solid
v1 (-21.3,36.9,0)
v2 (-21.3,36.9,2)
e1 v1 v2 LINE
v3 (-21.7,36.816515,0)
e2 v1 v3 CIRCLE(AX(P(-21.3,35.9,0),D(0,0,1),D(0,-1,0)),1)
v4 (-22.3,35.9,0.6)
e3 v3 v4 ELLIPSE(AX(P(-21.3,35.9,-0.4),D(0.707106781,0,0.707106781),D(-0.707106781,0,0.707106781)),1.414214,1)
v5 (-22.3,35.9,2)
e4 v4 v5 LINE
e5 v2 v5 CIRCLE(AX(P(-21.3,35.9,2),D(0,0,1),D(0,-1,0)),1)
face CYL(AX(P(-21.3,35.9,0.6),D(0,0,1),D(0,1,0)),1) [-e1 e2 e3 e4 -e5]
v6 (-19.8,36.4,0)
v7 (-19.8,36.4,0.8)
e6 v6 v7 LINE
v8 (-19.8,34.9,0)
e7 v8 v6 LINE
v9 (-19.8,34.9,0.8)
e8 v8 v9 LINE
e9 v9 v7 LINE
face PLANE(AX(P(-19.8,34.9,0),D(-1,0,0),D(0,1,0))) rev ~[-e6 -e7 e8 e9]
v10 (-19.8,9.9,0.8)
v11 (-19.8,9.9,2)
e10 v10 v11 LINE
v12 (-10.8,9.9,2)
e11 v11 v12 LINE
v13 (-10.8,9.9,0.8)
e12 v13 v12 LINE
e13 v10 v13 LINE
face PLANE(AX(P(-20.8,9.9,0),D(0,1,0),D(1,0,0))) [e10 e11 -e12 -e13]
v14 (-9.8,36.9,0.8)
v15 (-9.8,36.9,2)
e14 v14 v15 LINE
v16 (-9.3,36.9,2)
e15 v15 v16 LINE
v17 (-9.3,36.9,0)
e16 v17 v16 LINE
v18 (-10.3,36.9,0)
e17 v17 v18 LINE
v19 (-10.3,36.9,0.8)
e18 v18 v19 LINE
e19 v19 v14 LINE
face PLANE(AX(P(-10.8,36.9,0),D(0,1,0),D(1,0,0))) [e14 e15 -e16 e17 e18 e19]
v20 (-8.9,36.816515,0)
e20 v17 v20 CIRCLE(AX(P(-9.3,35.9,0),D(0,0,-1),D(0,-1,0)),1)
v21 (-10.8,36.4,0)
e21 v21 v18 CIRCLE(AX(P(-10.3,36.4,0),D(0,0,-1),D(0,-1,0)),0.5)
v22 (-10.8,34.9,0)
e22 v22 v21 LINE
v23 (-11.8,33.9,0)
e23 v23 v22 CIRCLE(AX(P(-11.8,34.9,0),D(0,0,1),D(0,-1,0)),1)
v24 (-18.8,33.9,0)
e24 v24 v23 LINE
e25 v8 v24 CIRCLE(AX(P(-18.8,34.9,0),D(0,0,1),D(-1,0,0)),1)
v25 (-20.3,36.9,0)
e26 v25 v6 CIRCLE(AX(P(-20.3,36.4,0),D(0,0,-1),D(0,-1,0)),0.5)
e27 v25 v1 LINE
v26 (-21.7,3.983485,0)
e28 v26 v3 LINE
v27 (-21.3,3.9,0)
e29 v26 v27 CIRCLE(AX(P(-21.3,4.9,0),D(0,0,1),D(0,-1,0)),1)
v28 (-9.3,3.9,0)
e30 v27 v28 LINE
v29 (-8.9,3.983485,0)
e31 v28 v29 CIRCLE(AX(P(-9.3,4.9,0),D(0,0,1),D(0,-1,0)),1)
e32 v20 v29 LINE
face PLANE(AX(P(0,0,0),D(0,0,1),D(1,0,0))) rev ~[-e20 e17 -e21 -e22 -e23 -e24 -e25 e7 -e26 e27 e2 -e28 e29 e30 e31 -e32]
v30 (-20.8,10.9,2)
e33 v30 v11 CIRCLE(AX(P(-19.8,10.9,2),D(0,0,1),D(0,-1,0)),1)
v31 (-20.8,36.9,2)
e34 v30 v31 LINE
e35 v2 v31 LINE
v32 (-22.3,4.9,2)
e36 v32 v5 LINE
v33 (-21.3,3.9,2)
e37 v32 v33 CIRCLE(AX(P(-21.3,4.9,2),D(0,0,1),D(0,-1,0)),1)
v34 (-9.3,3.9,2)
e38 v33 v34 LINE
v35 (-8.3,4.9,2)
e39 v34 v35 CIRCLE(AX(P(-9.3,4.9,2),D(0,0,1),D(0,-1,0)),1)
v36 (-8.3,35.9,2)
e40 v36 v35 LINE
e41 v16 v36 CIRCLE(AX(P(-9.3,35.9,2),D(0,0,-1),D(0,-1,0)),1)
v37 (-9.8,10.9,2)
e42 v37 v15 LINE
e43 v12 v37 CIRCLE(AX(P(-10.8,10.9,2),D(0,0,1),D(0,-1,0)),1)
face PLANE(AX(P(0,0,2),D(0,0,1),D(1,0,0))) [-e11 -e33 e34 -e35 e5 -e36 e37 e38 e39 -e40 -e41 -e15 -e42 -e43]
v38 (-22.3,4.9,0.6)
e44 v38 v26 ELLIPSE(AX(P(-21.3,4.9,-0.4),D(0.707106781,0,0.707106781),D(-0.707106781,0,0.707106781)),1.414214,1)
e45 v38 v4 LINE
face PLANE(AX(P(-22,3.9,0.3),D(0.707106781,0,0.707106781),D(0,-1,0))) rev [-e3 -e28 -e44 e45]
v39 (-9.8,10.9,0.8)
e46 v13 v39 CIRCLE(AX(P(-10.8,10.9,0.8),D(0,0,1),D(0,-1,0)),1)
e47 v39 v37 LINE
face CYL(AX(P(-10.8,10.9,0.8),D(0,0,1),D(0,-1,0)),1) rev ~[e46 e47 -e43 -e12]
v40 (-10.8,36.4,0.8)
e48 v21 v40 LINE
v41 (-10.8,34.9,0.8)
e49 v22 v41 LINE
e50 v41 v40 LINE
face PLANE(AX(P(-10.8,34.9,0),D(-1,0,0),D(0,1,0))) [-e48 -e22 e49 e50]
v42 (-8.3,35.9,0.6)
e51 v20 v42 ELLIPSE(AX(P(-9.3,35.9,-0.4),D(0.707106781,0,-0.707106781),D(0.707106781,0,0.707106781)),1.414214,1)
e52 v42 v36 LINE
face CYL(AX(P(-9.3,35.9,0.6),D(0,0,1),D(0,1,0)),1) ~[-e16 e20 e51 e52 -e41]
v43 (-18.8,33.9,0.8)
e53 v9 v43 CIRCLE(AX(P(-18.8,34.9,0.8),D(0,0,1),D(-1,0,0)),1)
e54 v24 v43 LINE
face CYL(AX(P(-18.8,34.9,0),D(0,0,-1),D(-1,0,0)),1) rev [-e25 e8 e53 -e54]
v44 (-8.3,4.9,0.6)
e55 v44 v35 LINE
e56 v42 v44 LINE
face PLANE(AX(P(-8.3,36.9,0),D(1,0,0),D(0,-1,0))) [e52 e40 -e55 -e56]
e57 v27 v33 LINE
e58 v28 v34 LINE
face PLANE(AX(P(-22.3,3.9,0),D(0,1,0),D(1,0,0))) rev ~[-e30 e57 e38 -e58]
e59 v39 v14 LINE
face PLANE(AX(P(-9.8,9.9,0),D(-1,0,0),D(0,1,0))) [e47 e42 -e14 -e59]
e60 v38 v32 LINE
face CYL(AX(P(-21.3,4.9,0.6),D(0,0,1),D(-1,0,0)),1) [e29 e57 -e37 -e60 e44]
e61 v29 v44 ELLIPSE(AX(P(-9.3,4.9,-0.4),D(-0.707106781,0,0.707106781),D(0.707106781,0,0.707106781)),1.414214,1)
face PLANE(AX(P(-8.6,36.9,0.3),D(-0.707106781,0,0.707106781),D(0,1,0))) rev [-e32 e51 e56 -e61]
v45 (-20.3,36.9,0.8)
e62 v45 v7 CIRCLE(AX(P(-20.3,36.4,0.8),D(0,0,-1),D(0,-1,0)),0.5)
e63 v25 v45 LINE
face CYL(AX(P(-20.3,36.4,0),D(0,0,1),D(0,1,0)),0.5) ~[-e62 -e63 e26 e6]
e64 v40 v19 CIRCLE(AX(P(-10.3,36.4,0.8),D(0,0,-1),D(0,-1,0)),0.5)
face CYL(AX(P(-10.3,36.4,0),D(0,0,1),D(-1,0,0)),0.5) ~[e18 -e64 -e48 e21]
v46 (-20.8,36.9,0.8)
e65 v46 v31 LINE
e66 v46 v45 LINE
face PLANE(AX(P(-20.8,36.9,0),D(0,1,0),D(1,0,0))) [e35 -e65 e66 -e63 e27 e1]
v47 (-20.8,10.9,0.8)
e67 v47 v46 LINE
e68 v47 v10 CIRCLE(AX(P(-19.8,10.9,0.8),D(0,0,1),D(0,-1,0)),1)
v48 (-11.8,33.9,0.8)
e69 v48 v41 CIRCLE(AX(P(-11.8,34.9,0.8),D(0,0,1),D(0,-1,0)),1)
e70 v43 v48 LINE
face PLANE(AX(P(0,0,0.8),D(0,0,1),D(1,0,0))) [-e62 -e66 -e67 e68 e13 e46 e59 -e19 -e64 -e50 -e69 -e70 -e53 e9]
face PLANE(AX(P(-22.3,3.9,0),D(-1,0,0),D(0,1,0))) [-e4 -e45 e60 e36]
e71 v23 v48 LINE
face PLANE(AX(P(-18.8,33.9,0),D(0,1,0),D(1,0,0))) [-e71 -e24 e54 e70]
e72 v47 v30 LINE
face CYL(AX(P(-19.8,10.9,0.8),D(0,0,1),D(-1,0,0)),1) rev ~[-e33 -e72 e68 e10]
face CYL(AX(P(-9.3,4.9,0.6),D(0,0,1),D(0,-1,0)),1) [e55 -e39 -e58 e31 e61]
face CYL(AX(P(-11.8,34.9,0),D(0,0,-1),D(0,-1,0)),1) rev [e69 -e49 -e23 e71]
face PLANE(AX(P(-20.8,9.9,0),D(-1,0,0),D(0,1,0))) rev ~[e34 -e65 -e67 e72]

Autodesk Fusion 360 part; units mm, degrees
sketch "mriya-niceview-holder" plane through (0, 0, 0) normal (0, 0, 1) x (1, 0, 0)
  line L0 (-20.8, 9.9) -> (-9.8, 9.9)
  line L1 (-9.8, 9.9) -> (-9.8, 36.9)
  line L2 (-22.3, 3.9) -> (-22.3, 36.9)
  line L3 (-20.8, 9.9) -> (-20.8, 36.9)
  line L4 (-8.3, 36.9) -> (-8.3, 3.9)
  line L5 (-22.3, 36.9) -> (-19.8, 36.9)
  line L6 (-22.3, 3.9) -> (-8.3, 3.9)
  arc A0 (-19.8, 34.9) -> (-18.8, 33.9) centre (-18.8, 34.9) ccw
  line L7 (-10.8, 36.9) -> (-8.3, 36.9)
  arc A1 (-11.8, 33.9) -> (-10.8, 34.9) centre (-11.8, 34.9) ccw
  line L8 (-10.8, 34.9) -> (-10.8, 36.9)
  line L9 (-18.8, 33.9) -> (-11.8, 33.9)
  line L10 (-19.8, 34.9) -> (-19.8, 36.9)
extrude "Extrude1" add sketch "mriya-niceview-holder" along normal blind 2 contours L0 L1 L2 L3 L4 L5 L6 L7
extrude "Extrude2" add sketch "mriya-niceview-holder" along normal blind 0.8 contours L0 L1 L3 L5 A0 L7 A1 L8 L9 L10
chamfer "Chamfer4" distance 0.6 angle 45 2 edges at (-22.3, 20.4, 0) (-8.3, 20.4, 0)
fillet "Fillet1" radius 1 4 edges at (-8.3, 3.9, 1) (-22.3, 3.9, 1) (-8.3, 36.9, 1) (-22.3, 36.9, 1)
fillet "Fillet2" radius 0.5 2 edges at (-10.8, 36.9, 0.4) (-19.8, 36.9, 0.4)
fillet "Fillet3" radius 1 2 edges at (-20.8, 9.9, 1.4) (-9.8, 9.9, 1.4)
